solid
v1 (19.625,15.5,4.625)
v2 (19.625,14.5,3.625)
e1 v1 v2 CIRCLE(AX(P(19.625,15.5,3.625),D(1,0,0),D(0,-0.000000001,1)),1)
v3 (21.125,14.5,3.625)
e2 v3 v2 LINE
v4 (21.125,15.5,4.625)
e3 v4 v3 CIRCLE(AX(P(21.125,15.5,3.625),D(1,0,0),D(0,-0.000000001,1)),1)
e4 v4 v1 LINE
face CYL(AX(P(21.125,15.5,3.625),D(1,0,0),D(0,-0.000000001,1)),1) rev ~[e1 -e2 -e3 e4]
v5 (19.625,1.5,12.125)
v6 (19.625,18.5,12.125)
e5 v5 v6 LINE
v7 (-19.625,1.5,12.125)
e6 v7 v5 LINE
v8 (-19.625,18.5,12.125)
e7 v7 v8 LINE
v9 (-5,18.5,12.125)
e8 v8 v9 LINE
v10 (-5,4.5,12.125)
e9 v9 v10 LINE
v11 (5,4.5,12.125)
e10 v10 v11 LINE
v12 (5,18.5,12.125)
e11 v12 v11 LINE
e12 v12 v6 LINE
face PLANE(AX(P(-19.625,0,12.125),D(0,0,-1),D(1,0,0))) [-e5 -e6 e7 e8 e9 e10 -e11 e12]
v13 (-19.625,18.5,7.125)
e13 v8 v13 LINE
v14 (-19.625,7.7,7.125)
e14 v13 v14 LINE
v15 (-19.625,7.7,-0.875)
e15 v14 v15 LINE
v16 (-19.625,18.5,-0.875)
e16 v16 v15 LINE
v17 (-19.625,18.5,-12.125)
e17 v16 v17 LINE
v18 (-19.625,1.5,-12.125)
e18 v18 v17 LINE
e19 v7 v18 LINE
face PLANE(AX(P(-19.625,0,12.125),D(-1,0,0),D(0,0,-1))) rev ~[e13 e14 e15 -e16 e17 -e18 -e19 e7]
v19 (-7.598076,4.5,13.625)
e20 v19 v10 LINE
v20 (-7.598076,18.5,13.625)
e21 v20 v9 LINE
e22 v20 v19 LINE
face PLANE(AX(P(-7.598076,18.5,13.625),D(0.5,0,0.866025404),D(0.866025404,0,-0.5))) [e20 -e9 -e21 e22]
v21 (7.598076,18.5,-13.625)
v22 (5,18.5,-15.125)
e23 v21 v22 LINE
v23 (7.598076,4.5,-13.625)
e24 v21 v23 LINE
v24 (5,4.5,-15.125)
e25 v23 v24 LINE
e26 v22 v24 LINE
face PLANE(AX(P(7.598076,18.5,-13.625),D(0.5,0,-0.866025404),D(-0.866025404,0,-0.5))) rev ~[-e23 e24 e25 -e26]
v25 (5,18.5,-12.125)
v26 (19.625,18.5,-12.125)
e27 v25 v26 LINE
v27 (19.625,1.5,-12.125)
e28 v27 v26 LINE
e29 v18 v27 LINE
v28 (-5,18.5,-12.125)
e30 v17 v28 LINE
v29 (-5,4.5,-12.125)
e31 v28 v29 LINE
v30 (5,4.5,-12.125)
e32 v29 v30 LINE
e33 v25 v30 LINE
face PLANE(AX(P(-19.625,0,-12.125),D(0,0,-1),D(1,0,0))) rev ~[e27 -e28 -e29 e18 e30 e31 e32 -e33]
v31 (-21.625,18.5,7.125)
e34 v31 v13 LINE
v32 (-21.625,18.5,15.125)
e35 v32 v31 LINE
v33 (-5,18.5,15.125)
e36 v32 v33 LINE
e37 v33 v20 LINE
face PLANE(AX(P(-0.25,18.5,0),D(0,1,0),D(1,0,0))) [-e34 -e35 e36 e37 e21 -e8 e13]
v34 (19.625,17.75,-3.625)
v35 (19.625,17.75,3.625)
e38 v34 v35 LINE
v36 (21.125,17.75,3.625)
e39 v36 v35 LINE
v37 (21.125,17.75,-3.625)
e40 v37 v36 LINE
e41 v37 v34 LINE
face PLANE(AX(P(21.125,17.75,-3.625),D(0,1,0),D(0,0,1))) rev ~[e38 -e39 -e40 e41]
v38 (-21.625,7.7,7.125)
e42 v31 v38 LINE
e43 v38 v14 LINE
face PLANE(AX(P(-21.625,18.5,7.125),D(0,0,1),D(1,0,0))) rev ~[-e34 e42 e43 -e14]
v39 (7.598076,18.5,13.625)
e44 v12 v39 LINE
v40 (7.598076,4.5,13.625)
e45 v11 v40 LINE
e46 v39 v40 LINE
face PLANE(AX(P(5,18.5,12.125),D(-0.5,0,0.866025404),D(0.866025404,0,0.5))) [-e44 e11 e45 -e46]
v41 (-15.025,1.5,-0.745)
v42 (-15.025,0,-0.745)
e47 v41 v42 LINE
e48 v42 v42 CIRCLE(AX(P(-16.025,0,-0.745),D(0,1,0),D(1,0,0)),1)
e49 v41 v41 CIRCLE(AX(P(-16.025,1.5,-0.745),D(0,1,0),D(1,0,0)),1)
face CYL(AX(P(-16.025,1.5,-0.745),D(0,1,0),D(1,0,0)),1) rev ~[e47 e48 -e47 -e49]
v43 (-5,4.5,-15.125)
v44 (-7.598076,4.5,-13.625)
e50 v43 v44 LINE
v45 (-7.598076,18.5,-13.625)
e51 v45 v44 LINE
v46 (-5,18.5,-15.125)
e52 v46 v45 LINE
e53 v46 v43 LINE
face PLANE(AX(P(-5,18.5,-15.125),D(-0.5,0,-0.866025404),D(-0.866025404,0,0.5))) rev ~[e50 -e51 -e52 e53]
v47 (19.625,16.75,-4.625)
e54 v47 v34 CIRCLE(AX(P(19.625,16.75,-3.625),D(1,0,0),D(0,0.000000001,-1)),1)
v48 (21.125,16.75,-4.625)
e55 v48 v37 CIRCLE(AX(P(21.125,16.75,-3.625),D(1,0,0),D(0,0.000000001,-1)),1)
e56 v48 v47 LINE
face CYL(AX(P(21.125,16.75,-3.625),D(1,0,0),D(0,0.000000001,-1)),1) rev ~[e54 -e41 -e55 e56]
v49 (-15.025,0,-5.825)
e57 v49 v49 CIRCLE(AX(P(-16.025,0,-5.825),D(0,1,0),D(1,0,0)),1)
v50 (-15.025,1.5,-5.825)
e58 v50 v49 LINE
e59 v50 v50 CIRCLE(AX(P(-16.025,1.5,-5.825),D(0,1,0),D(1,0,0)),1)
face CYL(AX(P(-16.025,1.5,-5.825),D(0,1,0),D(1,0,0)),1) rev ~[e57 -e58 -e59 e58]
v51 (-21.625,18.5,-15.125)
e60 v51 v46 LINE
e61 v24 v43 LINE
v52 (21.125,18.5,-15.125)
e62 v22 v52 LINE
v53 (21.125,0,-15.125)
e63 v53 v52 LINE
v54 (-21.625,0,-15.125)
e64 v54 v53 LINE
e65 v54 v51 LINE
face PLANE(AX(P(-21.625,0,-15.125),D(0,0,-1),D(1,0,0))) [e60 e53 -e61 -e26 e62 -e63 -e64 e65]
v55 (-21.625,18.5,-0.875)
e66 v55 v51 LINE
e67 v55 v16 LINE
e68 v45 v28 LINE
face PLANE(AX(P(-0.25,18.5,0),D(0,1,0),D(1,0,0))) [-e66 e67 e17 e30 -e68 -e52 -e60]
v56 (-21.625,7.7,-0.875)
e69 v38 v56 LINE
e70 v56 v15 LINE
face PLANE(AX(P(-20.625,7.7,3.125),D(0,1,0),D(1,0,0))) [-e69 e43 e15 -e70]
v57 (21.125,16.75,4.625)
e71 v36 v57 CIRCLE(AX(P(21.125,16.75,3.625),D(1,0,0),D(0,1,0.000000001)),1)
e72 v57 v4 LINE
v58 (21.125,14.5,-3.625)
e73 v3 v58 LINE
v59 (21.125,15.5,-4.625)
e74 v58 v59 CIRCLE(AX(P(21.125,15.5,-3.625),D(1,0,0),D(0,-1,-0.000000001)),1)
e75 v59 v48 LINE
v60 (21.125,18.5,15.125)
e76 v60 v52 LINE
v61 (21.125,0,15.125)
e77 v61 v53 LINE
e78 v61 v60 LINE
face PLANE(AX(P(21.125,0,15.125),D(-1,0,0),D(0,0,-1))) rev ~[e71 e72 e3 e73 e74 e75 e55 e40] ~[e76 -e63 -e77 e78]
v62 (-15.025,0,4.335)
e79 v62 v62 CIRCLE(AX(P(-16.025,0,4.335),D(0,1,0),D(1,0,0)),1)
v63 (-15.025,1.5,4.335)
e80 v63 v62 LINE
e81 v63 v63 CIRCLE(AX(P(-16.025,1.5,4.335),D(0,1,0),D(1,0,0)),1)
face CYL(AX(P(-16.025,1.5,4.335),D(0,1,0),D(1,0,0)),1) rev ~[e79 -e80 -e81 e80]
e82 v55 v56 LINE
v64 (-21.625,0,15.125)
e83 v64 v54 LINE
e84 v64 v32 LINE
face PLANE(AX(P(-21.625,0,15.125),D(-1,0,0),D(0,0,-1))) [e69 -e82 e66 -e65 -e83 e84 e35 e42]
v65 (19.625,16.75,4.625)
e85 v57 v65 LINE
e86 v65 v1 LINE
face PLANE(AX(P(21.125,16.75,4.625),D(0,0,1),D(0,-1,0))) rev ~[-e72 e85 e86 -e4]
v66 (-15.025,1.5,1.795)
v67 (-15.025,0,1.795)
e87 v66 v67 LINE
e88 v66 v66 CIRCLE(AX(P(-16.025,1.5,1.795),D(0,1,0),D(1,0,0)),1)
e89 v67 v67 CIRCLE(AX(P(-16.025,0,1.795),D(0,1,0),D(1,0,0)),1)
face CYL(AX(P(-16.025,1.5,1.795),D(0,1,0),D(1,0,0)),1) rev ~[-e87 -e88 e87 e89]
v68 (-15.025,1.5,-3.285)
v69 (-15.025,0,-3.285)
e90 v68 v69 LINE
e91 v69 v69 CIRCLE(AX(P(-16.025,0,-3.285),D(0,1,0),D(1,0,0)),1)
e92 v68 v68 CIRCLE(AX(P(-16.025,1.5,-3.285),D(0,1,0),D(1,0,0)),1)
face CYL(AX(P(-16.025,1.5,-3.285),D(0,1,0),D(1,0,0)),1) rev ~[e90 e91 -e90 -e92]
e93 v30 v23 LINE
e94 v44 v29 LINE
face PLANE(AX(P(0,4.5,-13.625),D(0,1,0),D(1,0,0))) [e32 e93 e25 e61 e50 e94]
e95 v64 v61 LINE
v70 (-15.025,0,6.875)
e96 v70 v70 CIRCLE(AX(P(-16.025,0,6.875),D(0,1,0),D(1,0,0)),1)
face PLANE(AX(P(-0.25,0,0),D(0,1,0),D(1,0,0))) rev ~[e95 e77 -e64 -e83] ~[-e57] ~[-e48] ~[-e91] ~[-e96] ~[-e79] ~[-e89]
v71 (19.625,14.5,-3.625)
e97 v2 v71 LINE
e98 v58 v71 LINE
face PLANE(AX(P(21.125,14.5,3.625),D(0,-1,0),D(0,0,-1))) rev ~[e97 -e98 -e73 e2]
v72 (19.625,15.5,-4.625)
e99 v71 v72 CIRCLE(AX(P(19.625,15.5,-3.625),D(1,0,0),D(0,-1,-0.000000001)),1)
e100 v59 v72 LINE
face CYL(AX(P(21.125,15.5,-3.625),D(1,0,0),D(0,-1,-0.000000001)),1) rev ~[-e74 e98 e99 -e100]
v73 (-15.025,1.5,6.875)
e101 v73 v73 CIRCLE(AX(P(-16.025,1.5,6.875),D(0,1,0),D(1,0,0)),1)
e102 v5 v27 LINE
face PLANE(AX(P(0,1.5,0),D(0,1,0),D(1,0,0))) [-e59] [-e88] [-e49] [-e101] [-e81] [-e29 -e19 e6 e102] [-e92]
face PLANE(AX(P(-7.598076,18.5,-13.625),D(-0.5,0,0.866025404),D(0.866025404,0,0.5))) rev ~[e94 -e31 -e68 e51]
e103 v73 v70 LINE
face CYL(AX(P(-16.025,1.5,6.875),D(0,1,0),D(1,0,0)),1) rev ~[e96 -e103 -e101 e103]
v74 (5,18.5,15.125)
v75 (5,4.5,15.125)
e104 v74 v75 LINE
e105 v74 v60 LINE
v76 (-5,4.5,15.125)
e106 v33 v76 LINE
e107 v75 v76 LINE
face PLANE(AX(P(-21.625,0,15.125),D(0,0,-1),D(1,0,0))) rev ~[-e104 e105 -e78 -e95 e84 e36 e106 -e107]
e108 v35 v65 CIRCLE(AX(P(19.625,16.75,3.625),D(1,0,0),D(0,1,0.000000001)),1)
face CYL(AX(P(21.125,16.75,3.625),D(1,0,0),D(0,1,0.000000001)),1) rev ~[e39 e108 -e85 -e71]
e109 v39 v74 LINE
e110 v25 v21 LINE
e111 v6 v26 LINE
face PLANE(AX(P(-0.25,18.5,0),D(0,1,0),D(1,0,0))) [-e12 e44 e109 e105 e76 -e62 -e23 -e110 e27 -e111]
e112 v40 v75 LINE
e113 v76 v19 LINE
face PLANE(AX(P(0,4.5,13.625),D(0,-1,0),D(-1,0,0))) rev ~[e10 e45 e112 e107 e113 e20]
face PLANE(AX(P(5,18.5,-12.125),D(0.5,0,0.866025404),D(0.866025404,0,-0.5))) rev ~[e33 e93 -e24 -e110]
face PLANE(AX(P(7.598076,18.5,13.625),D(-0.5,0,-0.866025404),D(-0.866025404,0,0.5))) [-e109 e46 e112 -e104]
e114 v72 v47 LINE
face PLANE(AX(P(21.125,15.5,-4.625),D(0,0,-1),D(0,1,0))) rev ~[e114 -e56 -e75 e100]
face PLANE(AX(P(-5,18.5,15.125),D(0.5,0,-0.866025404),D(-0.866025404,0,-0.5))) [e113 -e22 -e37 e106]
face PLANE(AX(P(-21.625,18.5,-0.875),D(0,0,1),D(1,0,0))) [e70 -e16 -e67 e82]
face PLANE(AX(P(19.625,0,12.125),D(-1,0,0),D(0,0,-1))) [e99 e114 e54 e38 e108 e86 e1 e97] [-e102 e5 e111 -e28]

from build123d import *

# Parameters (mm, degrees)
SKETCH1_W           = 39.25
SKETCH1_H           = 24.25
BOSS_EXTRUDE1_DEPTH = 1.5
SKETCH2_W           = 42.75
SKETCH2_H           = 30.25
SKETCH2_W_2         = 39.25
SKETCH2_H_2         = 24.25
BOSS_EXTRUDE2_DEPTH = 18.5
SKETCH3_W           = 2
SKETCH3_H           = 8
CUT_EXTRUDE1_DEPTH  = 10.8
CUT_EXTRUDE2_REACH  = 44.75
CUT_EXTRUDE3_DEPTH  = 14
SKETCH7_R           = 1
CUT_EXTRUDE4_DEPTH  = 2.5


with BuildPart() as part:
    # Sketch1 → Boss-Extrude1 (new body)
    with BuildSketch(Plane(origin=(0, 0, 0), x_dir=(1, 0, 0), z_dir=(0, 1, 0))):
        Rectangle(SKETCH1_W, SKETCH1_H)
    extrude(amount=BOSS_EXTRUDE1_DEPTH)

    # Sketch2 → Boss-Extrude2 (add)
    with BuildSketch(Plane(origin=(0, 0, 0), x_dir=(1, 0, 0), z_dir=(0, 1, 0))):
        with Locations((-0.25, 0)):
            Rectangle(SKETCH2_W, SKETCH2_H)
        Rectangle(SKETCH2_W_2, SKETCH2_H_2, mode=Mode.SUBTRACT)
    extrude(amount=BOSS_EXTRUDE2_DEPTH)

    # Sketch3 → Cut-Extrude1 (cut)
    with BuildSketch(Plane(origin=(0, 18.5, 0), x_dir=(1, 0, 0), z_dir=(0, 1, 0))):
        with Locations((-20.625, -3.125)):
            Rectangle(SKETCH3_W, SKETCH3_H)
    extrude(amount=-CUT_EXTRUDE1_DEPTH, mode=Mode.SUBTRACT)

    # Sketch4 → Cut-Extrude2 (cut, up to next)
    with BuildSketch(Plane(origin=(21.125, 0, 0), x_dir=(0, 0, -1), z_dir=(1, 0, 0)), mode=Mode.PRIVATE) as cut_extrude2_sk1:
        with BuildLine():
            Line((-3.625, 14.5), (3.625, 14.5))
            ThreePointArc((3.625, 14.5), (4.332106781, 14.792893219), (4.625, 15.5))
            Line((4.625, 15.5), (4.625, 16.75))
            ThreePointArc((4.625, 16.75), (4.332106781, 17.457106781), (3.625, 17.75))
            Line((3.625, 17.75), (-3.625, 17.75))
            ThreePointArc((-3.625, 17.75), (-4.332106781, 17.457106781), (-4.625, 16.75))
            Line((-4.625, 16.75), (-4.625, 15.5))
            ThreePointArc((-4.625, 15.5), (-4.332106781, 14.792893219), (-3.625, 14.5))
        make_face()
    cut_extrude2_tool1 = extrude(cut_extrude2_sk1.sketch, amount=-CUT_EXTRUDE2_REACH, mode=Mode.PRIVATE) & part.part
    add(cut_extrude2_tool1.solids().sort_by_distance((21.125, 16.125, 0))[0], mode=Mode.SUBTRACT)

    # Sketch6 → Cut-Extrude3 (cut)
    with BuildSketch(Plane(origin=(0, 18.5, 0), x_dir=(1, 0, 0), z_dir=(0, 1, 0))):
        Polygon((-5, 15.125), (-7.598076211, 13.625), (-5, 12.125), (5, 12.125), (7.598076211, 13.625), (5, 15.125), align=None)
        Polygon((-7.598076211, -13.625), (-5, -12.125), (5, -12.125), (7.598076211, -13.625), (5, -15.125), (-5, -15.125), align=None)
    extrude(amount=-CUT_EXTRUDE3_DEPTH, mode=Mode.SUBTRACT)

    # Sketch7 → Cut-Extrude4 (cut, through all)
    with BuildSketch(Plane(origin=(0, 1.5, 0), x_dir=(1, 0, 0), z_dir=(0, 1, 0))):
        with Locations((-16.025, -6.875)):
            Circle(SKETCH7_R)
        with Locations((-16.025, -4.335)):
            Circle(SKETCH7_R)
        with Locations((-16.025, -1.795)):
            Circle(SKETCH7_R)
        with Locations((-16.025, 0.745)):
            Circle(SKETCH7_R)
        with Locations((-16.025, 3.285)):
            Circle(SKETCH7_R)
        with Locations((-16.025, 5.825)):
            Circle(SKETCH7_R)
    extrude(amount=-CUT_EXTRUDE4_DEPTH, mode=Mode.SUBTRACT)


solid = part.part
